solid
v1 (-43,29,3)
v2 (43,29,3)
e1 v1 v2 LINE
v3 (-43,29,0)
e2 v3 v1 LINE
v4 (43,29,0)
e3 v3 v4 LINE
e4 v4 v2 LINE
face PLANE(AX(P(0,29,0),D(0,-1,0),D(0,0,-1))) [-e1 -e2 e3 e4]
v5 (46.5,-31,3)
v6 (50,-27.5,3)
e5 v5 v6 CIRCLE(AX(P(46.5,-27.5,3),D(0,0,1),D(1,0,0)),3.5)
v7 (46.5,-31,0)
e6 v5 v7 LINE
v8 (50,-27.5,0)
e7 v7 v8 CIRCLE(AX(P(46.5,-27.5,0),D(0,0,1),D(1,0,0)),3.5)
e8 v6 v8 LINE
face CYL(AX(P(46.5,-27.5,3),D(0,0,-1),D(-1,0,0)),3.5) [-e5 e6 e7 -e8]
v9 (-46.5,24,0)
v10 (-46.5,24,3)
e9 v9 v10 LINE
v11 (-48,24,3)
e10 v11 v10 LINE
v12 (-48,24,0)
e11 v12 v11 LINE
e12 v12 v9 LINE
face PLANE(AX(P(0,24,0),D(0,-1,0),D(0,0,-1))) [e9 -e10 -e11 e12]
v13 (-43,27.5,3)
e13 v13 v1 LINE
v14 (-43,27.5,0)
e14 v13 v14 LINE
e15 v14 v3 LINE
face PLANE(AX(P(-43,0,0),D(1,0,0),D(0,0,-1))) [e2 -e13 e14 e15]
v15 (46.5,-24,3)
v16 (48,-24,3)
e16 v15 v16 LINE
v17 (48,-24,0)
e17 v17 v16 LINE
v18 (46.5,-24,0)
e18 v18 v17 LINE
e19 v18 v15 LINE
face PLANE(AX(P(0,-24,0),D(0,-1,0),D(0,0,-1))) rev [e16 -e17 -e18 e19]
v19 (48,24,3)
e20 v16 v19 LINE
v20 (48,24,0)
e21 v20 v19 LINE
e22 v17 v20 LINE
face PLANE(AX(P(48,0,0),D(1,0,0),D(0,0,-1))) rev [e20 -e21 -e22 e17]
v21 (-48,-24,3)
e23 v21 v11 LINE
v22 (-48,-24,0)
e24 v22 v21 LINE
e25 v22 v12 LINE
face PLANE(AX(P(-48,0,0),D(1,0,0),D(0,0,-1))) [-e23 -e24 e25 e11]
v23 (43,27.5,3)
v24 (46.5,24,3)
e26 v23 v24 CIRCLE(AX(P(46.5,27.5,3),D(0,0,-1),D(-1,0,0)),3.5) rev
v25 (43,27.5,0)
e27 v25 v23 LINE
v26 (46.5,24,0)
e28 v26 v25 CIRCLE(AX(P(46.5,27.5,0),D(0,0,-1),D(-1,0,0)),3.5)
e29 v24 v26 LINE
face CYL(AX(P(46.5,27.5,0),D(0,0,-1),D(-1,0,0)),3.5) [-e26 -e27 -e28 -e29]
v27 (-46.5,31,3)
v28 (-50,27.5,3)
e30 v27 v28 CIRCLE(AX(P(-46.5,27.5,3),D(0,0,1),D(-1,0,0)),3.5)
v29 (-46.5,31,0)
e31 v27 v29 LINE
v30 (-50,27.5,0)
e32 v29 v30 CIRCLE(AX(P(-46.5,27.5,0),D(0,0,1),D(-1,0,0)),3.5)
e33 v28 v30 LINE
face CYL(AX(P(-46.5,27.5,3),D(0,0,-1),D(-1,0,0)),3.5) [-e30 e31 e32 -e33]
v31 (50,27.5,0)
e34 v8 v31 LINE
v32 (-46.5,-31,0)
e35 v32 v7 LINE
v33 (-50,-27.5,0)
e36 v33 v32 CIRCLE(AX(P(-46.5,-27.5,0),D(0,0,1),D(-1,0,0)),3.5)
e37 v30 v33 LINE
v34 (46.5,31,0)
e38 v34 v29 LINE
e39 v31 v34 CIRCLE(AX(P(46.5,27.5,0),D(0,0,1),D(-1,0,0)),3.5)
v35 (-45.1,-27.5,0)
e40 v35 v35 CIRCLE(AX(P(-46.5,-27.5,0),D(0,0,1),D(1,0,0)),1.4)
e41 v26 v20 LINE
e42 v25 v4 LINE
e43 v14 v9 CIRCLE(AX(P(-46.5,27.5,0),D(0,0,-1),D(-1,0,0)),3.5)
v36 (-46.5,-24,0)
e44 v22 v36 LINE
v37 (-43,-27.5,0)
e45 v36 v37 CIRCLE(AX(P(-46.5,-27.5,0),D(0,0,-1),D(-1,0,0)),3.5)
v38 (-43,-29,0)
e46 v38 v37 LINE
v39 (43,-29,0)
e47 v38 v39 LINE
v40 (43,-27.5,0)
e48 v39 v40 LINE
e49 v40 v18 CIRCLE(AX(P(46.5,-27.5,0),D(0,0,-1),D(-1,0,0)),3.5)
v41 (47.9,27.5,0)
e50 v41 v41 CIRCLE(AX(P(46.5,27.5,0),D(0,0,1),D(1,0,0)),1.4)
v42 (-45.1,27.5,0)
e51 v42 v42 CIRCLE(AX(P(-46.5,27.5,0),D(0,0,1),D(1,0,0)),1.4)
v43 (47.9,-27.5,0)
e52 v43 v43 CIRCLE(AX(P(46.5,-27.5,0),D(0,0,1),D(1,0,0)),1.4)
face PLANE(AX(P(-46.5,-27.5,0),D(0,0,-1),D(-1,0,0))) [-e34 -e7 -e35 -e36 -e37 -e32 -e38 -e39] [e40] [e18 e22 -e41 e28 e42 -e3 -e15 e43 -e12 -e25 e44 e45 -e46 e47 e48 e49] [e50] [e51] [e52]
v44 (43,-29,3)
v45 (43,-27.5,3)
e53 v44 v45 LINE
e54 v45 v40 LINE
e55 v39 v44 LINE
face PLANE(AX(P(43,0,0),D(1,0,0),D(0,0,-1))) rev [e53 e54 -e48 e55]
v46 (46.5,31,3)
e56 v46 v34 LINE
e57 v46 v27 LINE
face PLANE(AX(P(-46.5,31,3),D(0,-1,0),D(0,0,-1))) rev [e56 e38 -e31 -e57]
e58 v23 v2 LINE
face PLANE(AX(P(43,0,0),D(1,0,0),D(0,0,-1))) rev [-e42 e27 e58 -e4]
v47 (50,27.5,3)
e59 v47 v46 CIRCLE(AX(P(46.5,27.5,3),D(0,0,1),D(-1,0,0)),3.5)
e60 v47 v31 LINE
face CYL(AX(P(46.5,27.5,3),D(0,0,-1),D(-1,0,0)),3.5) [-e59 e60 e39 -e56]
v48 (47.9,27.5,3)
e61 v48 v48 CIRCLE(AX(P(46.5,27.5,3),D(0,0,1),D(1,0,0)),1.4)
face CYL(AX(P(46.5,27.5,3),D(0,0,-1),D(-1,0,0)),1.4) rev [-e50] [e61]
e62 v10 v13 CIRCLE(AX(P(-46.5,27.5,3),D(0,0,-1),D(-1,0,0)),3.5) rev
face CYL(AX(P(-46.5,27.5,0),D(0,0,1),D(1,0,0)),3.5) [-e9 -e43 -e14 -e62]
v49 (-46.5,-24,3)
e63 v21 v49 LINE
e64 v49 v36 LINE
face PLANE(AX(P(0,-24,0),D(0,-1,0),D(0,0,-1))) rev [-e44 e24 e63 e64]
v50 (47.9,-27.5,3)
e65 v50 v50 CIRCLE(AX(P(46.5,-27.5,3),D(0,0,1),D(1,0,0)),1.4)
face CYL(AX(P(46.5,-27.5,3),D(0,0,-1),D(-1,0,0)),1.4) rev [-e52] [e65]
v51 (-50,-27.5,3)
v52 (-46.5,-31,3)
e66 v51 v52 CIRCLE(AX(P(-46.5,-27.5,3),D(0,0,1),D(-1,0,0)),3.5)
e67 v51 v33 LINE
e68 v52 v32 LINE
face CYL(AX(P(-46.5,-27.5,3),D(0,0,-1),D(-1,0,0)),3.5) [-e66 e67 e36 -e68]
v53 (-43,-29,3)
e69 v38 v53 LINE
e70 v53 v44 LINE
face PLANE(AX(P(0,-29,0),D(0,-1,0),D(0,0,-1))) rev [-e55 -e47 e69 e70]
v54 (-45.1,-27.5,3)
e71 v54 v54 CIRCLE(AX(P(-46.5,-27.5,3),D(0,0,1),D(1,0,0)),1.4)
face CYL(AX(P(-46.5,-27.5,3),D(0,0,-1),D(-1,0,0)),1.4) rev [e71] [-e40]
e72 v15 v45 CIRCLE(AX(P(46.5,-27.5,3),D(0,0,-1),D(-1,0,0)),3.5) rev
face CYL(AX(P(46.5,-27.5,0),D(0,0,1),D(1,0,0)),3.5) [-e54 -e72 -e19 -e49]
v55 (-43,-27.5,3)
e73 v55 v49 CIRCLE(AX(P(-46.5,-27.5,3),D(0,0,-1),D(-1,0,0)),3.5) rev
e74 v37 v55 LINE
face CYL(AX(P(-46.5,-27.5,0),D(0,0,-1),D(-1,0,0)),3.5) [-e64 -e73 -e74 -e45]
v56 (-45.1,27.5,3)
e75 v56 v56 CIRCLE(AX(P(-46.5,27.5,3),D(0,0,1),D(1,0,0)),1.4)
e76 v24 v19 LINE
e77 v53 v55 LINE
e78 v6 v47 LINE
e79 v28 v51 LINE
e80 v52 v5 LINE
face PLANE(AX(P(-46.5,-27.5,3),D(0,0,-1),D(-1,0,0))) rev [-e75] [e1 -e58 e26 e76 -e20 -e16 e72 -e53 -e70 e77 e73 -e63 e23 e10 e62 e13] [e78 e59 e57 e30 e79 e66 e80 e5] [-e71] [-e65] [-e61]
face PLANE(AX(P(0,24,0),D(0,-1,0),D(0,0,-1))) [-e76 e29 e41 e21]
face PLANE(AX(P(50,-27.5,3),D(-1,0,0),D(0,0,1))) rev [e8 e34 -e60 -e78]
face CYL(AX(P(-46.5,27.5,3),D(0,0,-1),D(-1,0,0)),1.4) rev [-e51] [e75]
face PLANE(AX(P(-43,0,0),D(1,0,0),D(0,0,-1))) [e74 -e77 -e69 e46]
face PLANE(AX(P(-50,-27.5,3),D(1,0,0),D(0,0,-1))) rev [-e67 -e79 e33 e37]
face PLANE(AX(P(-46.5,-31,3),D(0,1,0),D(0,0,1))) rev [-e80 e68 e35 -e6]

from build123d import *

# Parameters (mm, degrees)
SKETCH1_R           = 1.4
BOSS_EXTRUDE1_DEPTH = 3
SKETCH2_W           = 5
SKETCH2_H           = 48
SKETCH2_W_2         = 86
SKETCH2_H_2         = 5
CUT_EXTRUDE1_DEPTH  = 3
FILLET1_R           = 3.5


with BuildPart() as part:
    # Sketch1 → Boss-Extrude1 (new body)
    with BuildSketch(Plane.XY):
        with BuildLine():
            Line((-46.5, -31), (46.5, -31))
            ThreePointArc((46.5, -31), (48.974873734, -29.974873734), (50, -27.5))
            Line((50, -27.5), (50, 27.5))
            ThreePointArc((50, 27.5), (48.974873734, 29.974873734), (46.5, 31))
            Line((46.5, 31), (-46.5, 31))
            ThreePointArc((-46.5, 31), (-48.974873734, 29.974873734), (-50, 27.5))
            Line((-50, 27.5), (-50, -27.5))
            ThreePointArc((-50, -27.5), (-48.974873734, -29.974873734), (-46.5, -31))
        make_face()
        with Locations((-46.5, 27.5)):
            Circle(SKETCH1_R, mode=Mode.SUBTRACT)
        with Locations((46.5, 27.5)):
            Circle(SKETCH1_R, mode=Mode.SUBTRACT)
        with Locations((46.5, -27.5)):
            Circle(SKETCH1_R, mode=Mode.SUBTRACT)
        with Locations((-46.5, -27.5)):
            Circle(SKETCH1_R, mode=Mode.SUBTRACT)
    extrude(amount=BOSS_EXTRUDE1_DEPTH)

    # Sketch2 → Cut-Extrude1 (cut)
    with BuildSketch(Plane.XY.offset(3)):
        with Locations((-45.5, 0)):
            Rectangle(SKETCH2_W, SKETCH2_H)
        Rectangle(SKETCH2_W_2, SKETCH2_H)
        with Locations((0, 26.5)):
            Rectangle(SKETCH2_W_2, SKETCH2_H_2)
        with Locations((45.5, 0)):
            Rectangle(SKETCH2_W, SKETCH2_H)
        with Locations((0, -26.5)):
            Rectangle(SKETCH2_W_2, SKETCH2_H_2)
    extrude(amount=-CUT_EXTRUDE1_DEPTH, mode=Mode.SUBTRACT)

    # Fillet1
    fillet1_edges = [part.edges().sort_by_distance(p)[0] for p in [
        (-43, 24, 1.5),
        (43, 24, 1.5),
        (43, -24, 1.5),
        (-43, -24, 1.5),
    ]]
    fillet(fillet1_edges, radius=FILLET1_R)


solid = part.part
